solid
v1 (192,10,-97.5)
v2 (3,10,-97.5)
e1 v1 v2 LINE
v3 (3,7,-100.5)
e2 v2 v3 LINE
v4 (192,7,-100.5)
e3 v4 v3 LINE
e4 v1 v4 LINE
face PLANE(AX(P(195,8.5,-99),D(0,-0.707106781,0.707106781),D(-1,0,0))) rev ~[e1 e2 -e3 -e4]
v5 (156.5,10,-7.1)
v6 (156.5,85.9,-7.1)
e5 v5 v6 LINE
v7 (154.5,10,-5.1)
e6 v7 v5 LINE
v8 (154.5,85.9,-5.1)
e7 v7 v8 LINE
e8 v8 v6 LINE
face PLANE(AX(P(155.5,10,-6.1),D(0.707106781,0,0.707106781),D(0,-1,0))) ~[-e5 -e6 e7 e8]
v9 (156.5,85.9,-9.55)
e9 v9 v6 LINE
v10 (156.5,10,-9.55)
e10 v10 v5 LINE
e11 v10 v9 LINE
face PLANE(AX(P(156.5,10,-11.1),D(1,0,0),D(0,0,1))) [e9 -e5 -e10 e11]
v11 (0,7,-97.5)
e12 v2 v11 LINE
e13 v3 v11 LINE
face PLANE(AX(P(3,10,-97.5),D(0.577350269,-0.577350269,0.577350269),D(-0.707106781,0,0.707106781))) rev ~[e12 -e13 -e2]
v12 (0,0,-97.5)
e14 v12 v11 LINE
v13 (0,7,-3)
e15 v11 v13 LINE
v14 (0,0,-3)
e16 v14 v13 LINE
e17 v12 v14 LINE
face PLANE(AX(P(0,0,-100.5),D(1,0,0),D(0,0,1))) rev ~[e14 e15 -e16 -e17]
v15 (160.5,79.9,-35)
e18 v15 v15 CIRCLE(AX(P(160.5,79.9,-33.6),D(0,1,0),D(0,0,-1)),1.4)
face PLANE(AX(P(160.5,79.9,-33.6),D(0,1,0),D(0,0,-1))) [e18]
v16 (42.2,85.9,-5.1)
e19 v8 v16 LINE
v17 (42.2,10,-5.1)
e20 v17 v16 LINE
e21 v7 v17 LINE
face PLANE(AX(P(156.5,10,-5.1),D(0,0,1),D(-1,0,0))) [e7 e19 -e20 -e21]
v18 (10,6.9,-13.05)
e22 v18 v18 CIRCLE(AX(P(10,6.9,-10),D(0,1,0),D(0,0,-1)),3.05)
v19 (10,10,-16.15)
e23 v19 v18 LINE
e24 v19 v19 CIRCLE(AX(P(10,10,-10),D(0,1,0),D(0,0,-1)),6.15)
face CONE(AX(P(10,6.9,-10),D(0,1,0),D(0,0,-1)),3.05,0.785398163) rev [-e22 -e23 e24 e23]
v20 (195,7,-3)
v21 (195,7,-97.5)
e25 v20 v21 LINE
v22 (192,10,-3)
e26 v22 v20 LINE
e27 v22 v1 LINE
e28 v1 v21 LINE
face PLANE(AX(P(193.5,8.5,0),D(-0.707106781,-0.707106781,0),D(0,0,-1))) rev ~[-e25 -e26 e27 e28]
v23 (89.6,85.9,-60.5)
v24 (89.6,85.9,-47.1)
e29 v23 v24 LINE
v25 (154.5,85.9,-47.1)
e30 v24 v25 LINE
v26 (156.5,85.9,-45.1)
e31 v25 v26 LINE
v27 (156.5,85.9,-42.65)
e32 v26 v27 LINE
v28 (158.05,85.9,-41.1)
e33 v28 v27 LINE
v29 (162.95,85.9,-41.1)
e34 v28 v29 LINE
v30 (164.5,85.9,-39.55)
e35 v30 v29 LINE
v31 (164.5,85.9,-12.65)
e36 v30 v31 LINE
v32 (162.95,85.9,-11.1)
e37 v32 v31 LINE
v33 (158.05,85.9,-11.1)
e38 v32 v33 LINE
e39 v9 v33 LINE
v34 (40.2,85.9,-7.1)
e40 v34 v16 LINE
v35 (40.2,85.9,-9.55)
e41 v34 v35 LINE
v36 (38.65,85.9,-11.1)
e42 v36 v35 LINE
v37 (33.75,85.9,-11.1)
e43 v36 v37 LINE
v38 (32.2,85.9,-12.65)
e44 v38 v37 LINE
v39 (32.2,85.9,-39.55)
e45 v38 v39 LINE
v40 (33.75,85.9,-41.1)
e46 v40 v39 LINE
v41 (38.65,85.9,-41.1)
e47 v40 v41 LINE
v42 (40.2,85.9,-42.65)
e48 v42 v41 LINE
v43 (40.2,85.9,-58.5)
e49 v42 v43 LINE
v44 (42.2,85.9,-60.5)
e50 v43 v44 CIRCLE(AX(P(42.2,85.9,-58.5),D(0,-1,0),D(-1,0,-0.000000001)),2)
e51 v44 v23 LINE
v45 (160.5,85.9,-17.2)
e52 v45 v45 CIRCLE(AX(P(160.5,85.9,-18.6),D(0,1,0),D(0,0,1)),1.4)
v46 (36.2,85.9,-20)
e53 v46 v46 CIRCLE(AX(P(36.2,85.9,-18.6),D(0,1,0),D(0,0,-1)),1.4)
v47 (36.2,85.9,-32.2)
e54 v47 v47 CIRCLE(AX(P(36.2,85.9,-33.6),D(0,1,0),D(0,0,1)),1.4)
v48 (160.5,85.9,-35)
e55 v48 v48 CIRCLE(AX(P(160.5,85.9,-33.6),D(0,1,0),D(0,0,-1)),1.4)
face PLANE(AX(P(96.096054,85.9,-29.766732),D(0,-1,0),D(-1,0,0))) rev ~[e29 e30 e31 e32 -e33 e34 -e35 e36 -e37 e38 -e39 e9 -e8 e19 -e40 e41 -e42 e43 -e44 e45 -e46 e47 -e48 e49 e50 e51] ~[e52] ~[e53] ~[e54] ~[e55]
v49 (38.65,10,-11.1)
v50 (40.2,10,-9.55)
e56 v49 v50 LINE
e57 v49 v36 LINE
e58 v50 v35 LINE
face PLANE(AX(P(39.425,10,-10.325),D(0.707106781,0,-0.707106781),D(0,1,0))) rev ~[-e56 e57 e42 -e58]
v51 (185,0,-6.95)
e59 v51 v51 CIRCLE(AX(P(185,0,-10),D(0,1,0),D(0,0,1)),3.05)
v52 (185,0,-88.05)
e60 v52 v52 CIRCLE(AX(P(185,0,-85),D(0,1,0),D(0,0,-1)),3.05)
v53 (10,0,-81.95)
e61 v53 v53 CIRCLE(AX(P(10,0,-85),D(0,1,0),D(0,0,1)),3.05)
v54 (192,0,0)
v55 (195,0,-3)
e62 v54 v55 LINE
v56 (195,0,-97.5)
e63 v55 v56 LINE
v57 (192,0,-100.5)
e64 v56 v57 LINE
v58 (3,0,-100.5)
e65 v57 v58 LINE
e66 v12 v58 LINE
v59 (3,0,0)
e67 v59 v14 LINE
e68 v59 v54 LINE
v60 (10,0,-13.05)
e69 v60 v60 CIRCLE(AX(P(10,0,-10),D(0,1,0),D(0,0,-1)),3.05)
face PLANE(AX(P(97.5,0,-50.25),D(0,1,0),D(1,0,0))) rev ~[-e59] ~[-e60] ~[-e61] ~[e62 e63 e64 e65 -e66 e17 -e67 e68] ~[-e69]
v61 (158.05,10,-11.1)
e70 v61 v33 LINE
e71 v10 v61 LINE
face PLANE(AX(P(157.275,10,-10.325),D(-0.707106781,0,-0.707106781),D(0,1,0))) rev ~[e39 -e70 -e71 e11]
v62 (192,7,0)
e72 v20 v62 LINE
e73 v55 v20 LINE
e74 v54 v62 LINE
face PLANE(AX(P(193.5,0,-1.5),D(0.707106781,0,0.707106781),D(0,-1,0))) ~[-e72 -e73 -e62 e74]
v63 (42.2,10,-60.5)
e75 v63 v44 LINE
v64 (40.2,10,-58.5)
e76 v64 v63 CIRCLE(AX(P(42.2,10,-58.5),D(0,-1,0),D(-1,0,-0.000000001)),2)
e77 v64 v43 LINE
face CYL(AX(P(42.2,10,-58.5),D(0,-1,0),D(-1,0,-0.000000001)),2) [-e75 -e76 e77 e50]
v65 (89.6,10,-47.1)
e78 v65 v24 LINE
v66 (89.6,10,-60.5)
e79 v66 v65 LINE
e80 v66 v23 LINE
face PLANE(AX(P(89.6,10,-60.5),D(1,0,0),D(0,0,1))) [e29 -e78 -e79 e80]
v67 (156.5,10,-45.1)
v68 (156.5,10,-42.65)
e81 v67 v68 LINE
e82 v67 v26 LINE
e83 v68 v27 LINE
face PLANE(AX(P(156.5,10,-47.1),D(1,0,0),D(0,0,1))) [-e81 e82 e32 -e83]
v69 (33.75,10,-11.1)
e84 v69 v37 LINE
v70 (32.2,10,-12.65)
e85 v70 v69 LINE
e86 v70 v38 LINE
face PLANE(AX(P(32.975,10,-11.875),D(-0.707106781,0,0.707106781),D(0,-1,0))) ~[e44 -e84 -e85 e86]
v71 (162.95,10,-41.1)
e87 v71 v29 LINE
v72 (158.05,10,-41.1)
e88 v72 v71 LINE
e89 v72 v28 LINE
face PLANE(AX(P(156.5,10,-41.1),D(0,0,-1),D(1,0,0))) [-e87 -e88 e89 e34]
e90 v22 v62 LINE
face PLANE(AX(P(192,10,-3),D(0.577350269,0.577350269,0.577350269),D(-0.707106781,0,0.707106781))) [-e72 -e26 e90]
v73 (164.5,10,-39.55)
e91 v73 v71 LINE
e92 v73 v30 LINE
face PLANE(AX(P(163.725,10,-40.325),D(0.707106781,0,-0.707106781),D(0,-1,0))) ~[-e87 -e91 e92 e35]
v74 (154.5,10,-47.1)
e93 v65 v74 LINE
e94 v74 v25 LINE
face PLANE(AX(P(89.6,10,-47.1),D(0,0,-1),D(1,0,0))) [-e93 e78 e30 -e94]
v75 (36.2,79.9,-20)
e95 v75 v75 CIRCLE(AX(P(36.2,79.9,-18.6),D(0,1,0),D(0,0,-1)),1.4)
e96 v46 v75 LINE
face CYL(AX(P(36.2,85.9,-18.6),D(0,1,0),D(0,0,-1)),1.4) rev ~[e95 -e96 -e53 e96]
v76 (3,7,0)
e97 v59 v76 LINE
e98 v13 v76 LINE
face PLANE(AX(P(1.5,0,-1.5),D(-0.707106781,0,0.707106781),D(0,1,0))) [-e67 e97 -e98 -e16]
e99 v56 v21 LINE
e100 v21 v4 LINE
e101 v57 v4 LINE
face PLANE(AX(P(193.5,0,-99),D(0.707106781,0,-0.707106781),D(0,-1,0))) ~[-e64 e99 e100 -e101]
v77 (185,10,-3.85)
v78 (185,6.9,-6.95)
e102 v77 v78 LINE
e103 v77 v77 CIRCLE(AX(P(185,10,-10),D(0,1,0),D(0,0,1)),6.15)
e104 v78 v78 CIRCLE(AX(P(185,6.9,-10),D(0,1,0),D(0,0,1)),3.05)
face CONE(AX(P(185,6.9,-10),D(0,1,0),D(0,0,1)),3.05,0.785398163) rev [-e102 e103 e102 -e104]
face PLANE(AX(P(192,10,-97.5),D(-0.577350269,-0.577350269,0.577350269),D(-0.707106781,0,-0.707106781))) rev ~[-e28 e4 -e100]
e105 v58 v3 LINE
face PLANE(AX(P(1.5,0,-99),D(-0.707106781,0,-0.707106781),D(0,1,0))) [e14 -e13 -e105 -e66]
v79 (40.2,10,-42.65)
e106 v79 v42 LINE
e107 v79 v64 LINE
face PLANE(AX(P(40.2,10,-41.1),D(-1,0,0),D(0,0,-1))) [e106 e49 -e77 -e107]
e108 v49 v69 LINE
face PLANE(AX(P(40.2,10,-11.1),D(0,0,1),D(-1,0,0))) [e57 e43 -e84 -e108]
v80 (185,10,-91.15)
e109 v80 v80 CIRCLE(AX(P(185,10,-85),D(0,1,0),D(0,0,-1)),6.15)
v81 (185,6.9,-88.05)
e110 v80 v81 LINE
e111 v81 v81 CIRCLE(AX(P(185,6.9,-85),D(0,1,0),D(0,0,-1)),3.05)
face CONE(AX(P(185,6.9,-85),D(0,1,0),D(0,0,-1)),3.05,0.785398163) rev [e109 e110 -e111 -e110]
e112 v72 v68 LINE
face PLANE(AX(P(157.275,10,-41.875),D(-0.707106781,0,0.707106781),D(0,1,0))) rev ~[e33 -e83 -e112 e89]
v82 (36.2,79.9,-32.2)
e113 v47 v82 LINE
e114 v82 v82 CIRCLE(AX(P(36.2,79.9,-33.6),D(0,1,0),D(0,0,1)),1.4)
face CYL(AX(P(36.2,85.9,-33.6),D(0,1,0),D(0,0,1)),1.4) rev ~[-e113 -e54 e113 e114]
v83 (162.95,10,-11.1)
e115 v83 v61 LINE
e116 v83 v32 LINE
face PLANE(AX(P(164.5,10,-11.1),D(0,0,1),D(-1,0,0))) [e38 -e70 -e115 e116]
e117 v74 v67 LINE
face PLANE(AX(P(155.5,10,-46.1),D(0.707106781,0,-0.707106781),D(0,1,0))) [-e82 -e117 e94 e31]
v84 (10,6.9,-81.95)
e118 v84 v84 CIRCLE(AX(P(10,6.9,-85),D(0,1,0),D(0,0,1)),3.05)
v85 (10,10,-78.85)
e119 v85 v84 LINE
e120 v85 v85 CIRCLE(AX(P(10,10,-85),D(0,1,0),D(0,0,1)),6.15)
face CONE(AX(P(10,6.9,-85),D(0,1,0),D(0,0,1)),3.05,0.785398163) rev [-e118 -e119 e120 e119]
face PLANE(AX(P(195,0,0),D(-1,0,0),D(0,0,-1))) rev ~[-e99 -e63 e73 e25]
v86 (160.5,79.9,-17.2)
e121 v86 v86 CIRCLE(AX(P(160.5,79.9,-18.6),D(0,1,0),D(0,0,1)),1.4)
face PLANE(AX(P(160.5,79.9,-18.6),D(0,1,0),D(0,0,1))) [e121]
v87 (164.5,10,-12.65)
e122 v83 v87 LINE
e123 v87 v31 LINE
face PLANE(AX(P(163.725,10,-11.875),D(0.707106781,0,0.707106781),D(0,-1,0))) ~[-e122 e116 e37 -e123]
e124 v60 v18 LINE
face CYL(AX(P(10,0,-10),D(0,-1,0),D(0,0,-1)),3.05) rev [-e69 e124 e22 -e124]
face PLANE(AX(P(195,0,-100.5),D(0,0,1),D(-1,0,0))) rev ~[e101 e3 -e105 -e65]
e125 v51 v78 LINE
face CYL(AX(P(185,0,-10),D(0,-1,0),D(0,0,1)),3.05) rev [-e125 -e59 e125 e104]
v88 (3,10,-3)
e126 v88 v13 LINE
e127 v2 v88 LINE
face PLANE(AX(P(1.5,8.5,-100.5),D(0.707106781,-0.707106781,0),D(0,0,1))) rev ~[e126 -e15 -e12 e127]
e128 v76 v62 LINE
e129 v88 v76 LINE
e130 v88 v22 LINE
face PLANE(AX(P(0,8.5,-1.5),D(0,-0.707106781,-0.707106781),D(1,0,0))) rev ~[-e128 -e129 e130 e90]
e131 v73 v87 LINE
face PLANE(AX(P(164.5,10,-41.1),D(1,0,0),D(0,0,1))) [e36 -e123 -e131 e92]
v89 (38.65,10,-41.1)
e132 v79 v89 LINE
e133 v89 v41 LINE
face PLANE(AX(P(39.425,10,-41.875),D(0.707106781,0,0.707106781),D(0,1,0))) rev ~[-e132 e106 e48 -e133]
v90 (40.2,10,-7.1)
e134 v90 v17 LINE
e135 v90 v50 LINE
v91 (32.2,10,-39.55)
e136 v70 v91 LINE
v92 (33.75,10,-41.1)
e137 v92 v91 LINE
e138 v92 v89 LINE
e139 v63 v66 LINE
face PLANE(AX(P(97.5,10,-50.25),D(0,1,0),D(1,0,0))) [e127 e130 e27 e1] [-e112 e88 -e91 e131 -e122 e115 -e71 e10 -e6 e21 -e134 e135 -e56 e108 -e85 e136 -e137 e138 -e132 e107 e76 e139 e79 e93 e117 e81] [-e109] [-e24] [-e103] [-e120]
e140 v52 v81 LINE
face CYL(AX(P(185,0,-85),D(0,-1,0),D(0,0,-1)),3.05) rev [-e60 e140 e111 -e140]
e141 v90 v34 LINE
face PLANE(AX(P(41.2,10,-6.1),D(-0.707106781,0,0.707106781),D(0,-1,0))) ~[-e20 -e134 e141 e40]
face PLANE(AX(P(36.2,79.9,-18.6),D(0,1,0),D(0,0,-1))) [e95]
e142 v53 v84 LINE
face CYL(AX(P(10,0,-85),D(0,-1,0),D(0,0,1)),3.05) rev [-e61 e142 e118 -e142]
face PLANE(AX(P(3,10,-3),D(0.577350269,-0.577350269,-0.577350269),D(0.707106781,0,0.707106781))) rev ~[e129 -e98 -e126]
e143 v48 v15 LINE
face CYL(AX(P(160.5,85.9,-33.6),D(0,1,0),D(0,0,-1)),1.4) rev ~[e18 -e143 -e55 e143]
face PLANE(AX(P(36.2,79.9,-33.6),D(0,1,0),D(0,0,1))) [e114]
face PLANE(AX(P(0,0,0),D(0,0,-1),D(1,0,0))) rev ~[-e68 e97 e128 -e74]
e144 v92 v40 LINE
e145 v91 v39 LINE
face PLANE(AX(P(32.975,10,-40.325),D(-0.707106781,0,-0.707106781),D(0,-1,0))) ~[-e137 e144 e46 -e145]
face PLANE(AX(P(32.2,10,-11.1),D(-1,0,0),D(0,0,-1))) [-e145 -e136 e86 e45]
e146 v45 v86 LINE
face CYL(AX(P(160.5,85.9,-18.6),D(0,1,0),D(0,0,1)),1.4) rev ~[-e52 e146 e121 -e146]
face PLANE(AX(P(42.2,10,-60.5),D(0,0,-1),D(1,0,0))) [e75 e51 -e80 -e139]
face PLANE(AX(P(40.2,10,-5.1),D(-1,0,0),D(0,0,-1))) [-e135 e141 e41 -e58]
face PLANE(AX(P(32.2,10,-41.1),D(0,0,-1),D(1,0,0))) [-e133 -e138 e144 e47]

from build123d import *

# Parameters (mm, degrees)
SKETCH1_R           = 3.05
BOSS_EXTRUDE1_DEPTH = 10
BOSS_EXTRUDE2_DEPTH = 75.9
SKETCH3_R           = 1.4
CUT_EXTRUDE1_DEPTH  = 6
CHAMFER1_SIZE       = 1.55
CHAMFER2_SIZE       = 2
CHAMFER3_SIZE       = 3.1
CHAMFER4_SIZE       = 3


with BuildPart() as part:
    # Sketch1 → Boss-Extrude1 (new body)
    with BuildSketch(Plane(origin=(0, 0, 0), x_dir=(1, 0, 0), z_dir=(0, 1, 0))):
        Polygon((0, 0), (195, 0), (195, 95), (195, 100.5), (0, 100.5), (0, 95), align=None)
        with Locations(Location((10, 85, 0), (0, 0, 270))):
            Circle(SKETCH1_R, mode=Mode.SUBTRACT)
        with Locations(Location((185, 85, 0), (0, 0, 90))):
            Circle(SKETCH1_R, mode=Mode.SUBTRACT)
        with Locations(Location((185, 10, 0), (0, 0, 270))):
            Circle(SKETCH1_R, mode=Mode.SUBTRACT)
        with Locations(Location((10, 10, 0), (0, 0, 90))):
            Circle(SKETCH1_R, mode=Mode.SUBTRACT)
    extrude(amount=BOSS_EXTRUDE1_DEPTH)

    # Sketch2 → Boss-Extrude2 (add)
    with BuildSketch(Plane(origin=(0, 10, 0), x_dir=(1, 0, 0), z_dir=(0, 1, 0))):
        with BuildLine():
            Line((42.2, 60.5), (89.6, 60.5))
            Line((89.6, 60.5), (89.6, 47.1))
            Line((89.6, 47.1), (156.5, 47.1))
            Line((156.5, 47.1), (156.5, 41.1))
            Line((156.5, 41.1), (164.5, 41.1))
            Line((164.5, 41.1), (164.5, 11.1))
            Line((164.5, 11.1), (156.5, 11.1))
            Line((156.5, 11.1), (156.5, 5.1))
            Line((156.5, 5.1), (40.2, 5.1))
            Line((40.2, 5.1), (40.2, 11.1))
            Line((40.2, 11.1), (32.2, 11.1))
            Line((32.2, 11.1), (32.2, 41.1))
            Line((32.2, 41.1), (40.2, 41.1))
            Line((40.2, 41.1), (40.2, 58.5))
            ThreePointArc((40.2, 58.5), (40.785786438, 59.914213562), (42.2, 60.5))
        make_face()
    extrude(amount=BOSS_EXTRUDE2_DEPTH)

    # Sketch3 → Cut-Extrude1 (cut)
    with BuildSketch(Plane(origin=(0, 85.9, 0), x_dir=(1, 0, 0), z_dir=(0, 1, 0))):
        with Locations(Location((36.2, 33.6, 0), (0, 0, 270))):
            Circle(SKETCH3_R)
        with Locations(Location((36.2, 18.6, 0), (0, 0, 90))):
            Circle(SKETCH3_R)
        with Locations(Location((160.5, 18.6, 0), (0, 0, 270))):
            Circle(SKETCH3_R)
        with Locations(Location((160.5, 33.6, 0), (0, 0, 90))):
            Circle(SKETCH3_R)
    extrude(amount=-CUT_EXTRUDE1_DEPTH, mode=Mode.SUBTRACT)

    # Chamfer1
    chamfer1_edges = [part.edges().sort_by_distance(p)[0] for p in [
        (40.2, 47.95, -41.1),
        (32.2, 47.95, -41.1),
        (32.2, 47.95, -11.1),
        (40.2, 47.95, -11.1),
        (156.5, 47.95, -11.1),
        (164.5, 47.95, -11.1),
        (164.5, 47.95, -41.1),
        (156.5, 47.95, -41.1),
    ]]
    chamfer(chamfer1_edges, length=CHAMFER1_SIZE)

    # Chamfer2
    chamfer2_edges = [part.edges().sort_by_distance(p)[0] for p in [
        (40.2, 47.95, -5.1),
        (156.5, 47.95, -5.1),
        (156.5, 47.95, -47.1),
    ]]
    chamfer(chamfer2_edges, length=CHAMFER2_SIZE)

    # Chamfer3
    chamfer3_edges = [part.edges().sort_by_distance(p)[0] for p in [
        (10, 10, -88.05),
        (185, 10, -81.95),
        (185, 10, -13.05),
        (10, 10, -6.95),
    ]]
    chamfer(chamfer3_edges, length=CHAMFER3_SIZE)

    # Chamfer4
    chamfer4_edges = [part.edges().sort_by_distance(p)[0] for p in [
        (0, 5, -100.5),
        (195, 5, -100.5),
        (195, 5, 0),
        (0, 5, 0),
        (195, 10, -50.25),
        (97.5, 10, -100.5),
        (0, 10, -50.25),
        (97.5, 10, 0),
    ]]
    chamfer(chamfer4_edges, length=CHAMFER4_SIZE)


solid = part.part
